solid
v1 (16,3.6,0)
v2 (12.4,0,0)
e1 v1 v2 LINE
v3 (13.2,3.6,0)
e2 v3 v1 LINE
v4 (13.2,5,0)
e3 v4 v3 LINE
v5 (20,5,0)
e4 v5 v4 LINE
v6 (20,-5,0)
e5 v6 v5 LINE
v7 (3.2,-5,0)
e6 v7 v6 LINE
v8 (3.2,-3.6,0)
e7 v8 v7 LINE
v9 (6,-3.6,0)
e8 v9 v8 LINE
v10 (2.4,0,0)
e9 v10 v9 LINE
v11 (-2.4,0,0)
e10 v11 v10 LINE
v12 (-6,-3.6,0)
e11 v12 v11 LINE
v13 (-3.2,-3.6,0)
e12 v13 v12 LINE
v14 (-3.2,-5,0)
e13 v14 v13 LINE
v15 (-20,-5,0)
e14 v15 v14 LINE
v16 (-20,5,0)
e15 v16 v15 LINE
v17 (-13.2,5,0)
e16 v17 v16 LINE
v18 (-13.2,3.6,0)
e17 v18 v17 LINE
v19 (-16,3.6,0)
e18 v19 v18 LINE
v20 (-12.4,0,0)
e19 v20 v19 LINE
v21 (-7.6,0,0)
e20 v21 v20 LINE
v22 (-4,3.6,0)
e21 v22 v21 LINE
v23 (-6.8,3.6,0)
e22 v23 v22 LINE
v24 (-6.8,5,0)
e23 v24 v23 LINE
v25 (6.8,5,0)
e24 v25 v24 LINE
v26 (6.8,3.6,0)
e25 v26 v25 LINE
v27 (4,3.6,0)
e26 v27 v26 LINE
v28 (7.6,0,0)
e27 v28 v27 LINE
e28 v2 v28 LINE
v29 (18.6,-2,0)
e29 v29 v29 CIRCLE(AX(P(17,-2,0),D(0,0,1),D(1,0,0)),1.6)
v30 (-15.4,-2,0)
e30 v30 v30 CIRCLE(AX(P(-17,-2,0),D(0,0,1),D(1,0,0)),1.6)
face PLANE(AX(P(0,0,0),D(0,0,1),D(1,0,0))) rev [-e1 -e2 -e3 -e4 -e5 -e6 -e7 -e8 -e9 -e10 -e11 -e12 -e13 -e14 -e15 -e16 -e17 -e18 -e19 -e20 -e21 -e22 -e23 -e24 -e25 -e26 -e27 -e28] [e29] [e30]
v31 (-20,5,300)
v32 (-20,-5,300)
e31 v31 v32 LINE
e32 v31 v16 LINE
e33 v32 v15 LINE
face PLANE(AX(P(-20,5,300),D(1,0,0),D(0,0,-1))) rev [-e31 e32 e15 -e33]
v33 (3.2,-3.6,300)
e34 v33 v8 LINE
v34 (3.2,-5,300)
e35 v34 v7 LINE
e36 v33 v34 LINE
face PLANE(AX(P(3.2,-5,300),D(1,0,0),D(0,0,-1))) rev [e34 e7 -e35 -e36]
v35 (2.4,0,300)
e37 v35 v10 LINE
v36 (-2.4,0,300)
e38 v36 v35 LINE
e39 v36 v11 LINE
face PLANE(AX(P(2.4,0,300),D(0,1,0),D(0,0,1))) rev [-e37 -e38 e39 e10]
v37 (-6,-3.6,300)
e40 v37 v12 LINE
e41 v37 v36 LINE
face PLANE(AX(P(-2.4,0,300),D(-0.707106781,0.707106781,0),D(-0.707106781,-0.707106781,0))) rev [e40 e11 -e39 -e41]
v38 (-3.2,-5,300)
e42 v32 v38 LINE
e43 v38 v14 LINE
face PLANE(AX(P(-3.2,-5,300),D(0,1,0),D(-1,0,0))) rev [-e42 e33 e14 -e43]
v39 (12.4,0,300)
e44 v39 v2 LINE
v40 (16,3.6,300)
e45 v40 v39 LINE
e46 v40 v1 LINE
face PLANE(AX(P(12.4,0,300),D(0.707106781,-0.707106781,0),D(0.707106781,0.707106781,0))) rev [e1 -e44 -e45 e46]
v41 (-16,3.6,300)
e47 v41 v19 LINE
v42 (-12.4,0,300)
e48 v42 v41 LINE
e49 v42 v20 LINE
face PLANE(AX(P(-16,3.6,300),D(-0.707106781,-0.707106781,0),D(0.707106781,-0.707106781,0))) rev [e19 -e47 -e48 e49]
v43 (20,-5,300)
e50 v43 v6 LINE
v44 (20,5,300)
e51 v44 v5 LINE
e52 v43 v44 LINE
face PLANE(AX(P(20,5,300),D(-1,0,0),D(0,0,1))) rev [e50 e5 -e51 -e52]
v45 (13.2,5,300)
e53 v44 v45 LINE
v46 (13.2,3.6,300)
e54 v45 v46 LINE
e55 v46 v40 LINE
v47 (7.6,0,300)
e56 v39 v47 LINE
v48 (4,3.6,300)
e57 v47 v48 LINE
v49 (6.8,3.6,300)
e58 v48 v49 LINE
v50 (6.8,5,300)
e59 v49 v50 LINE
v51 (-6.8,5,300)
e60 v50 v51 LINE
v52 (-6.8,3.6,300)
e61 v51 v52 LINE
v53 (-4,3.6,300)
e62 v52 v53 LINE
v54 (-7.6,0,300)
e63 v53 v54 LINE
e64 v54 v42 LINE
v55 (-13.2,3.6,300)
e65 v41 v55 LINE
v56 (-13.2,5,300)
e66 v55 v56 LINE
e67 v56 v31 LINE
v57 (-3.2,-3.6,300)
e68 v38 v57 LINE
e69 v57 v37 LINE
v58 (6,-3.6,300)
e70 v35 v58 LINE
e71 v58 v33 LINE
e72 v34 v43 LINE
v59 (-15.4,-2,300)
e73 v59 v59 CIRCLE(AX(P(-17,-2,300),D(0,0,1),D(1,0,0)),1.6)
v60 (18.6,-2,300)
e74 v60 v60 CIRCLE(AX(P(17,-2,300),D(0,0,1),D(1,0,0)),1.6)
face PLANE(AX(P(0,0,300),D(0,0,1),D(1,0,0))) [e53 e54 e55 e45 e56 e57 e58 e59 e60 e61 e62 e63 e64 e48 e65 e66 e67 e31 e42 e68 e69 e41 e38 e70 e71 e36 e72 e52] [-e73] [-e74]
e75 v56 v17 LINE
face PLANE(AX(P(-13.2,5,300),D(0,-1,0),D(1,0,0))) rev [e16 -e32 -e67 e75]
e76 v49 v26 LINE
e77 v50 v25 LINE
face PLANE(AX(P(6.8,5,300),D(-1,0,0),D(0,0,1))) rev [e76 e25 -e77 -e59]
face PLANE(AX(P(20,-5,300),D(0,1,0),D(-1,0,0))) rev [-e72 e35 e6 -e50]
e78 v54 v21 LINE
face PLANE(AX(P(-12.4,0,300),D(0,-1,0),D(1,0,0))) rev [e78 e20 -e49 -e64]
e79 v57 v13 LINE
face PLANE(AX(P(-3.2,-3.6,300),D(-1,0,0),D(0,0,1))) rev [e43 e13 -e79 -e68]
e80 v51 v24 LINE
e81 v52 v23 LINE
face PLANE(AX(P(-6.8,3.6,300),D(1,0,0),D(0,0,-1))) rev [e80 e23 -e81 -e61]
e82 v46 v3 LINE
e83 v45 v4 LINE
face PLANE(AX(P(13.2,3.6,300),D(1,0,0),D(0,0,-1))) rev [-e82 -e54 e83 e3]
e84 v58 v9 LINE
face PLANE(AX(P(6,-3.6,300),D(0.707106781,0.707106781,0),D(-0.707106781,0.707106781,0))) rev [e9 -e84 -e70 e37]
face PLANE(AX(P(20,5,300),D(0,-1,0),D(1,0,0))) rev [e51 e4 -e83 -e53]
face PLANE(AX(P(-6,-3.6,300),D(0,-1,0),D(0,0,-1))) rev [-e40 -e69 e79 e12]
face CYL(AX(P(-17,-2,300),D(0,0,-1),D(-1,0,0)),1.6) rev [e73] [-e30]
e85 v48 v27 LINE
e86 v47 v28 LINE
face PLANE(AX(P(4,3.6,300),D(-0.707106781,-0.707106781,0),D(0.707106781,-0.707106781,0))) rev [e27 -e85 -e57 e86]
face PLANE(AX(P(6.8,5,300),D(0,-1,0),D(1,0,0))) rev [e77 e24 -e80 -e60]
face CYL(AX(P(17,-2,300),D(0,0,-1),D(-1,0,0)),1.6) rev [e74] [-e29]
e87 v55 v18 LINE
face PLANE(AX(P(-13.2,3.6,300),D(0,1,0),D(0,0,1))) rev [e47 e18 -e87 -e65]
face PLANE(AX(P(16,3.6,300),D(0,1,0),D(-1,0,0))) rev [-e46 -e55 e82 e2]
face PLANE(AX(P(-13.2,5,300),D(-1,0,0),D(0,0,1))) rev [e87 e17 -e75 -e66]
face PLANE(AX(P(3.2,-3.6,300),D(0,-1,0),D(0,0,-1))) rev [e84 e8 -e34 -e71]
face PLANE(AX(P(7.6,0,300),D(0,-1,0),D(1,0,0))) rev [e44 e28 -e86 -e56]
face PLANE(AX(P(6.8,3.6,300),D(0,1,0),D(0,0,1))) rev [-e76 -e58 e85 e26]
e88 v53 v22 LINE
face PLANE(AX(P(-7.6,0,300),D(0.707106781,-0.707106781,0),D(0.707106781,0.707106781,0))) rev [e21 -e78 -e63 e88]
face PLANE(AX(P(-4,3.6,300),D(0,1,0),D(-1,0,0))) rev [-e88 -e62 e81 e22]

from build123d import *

# Parameters (mm, degrees)
SKETCH1_R           = 1.6
BOSS_EXTRUDE1_DEPTH = 300


with BuildPart() as part:
    # Sketch1 → Boss-Extrude1 (new body)
    with BuildSketch(Plane.XY):
        Polygon((-13.2, 5), (-13.2, 3.6), (-16, 3.6), (-12.4, 0), (-7.6, 0), (-4, 3.6), (-6.8, 3.6), (-6.8, 5), (6.8, 5), (6.8, 3.6), (4, 3.6), (7.6, 0), (12.4, 0), (16, 3.6), (13.2, 3.6), (13.2, 5), (20, 5), (20, -5), (3.2, -5), (3.2, -3.6), (6, -3.6), (2.4, 0), (-2.4, 0), (-6, -3.6), (-3.2, -3.6), (-3.2, -5), (-20, -5), (-20, 5), align=None)
        with Locations((-17, -2)):
            Circle(SKETCH1_R, mode=Mode.SUBTRACT)
        with Locations((17, -2)):
            Circle(SKETCH1_R, mode=Mode.SUBTRACT)
    extrude(amount=BOSS_EXTRUDE1_DEPTH)


solid = part.part
